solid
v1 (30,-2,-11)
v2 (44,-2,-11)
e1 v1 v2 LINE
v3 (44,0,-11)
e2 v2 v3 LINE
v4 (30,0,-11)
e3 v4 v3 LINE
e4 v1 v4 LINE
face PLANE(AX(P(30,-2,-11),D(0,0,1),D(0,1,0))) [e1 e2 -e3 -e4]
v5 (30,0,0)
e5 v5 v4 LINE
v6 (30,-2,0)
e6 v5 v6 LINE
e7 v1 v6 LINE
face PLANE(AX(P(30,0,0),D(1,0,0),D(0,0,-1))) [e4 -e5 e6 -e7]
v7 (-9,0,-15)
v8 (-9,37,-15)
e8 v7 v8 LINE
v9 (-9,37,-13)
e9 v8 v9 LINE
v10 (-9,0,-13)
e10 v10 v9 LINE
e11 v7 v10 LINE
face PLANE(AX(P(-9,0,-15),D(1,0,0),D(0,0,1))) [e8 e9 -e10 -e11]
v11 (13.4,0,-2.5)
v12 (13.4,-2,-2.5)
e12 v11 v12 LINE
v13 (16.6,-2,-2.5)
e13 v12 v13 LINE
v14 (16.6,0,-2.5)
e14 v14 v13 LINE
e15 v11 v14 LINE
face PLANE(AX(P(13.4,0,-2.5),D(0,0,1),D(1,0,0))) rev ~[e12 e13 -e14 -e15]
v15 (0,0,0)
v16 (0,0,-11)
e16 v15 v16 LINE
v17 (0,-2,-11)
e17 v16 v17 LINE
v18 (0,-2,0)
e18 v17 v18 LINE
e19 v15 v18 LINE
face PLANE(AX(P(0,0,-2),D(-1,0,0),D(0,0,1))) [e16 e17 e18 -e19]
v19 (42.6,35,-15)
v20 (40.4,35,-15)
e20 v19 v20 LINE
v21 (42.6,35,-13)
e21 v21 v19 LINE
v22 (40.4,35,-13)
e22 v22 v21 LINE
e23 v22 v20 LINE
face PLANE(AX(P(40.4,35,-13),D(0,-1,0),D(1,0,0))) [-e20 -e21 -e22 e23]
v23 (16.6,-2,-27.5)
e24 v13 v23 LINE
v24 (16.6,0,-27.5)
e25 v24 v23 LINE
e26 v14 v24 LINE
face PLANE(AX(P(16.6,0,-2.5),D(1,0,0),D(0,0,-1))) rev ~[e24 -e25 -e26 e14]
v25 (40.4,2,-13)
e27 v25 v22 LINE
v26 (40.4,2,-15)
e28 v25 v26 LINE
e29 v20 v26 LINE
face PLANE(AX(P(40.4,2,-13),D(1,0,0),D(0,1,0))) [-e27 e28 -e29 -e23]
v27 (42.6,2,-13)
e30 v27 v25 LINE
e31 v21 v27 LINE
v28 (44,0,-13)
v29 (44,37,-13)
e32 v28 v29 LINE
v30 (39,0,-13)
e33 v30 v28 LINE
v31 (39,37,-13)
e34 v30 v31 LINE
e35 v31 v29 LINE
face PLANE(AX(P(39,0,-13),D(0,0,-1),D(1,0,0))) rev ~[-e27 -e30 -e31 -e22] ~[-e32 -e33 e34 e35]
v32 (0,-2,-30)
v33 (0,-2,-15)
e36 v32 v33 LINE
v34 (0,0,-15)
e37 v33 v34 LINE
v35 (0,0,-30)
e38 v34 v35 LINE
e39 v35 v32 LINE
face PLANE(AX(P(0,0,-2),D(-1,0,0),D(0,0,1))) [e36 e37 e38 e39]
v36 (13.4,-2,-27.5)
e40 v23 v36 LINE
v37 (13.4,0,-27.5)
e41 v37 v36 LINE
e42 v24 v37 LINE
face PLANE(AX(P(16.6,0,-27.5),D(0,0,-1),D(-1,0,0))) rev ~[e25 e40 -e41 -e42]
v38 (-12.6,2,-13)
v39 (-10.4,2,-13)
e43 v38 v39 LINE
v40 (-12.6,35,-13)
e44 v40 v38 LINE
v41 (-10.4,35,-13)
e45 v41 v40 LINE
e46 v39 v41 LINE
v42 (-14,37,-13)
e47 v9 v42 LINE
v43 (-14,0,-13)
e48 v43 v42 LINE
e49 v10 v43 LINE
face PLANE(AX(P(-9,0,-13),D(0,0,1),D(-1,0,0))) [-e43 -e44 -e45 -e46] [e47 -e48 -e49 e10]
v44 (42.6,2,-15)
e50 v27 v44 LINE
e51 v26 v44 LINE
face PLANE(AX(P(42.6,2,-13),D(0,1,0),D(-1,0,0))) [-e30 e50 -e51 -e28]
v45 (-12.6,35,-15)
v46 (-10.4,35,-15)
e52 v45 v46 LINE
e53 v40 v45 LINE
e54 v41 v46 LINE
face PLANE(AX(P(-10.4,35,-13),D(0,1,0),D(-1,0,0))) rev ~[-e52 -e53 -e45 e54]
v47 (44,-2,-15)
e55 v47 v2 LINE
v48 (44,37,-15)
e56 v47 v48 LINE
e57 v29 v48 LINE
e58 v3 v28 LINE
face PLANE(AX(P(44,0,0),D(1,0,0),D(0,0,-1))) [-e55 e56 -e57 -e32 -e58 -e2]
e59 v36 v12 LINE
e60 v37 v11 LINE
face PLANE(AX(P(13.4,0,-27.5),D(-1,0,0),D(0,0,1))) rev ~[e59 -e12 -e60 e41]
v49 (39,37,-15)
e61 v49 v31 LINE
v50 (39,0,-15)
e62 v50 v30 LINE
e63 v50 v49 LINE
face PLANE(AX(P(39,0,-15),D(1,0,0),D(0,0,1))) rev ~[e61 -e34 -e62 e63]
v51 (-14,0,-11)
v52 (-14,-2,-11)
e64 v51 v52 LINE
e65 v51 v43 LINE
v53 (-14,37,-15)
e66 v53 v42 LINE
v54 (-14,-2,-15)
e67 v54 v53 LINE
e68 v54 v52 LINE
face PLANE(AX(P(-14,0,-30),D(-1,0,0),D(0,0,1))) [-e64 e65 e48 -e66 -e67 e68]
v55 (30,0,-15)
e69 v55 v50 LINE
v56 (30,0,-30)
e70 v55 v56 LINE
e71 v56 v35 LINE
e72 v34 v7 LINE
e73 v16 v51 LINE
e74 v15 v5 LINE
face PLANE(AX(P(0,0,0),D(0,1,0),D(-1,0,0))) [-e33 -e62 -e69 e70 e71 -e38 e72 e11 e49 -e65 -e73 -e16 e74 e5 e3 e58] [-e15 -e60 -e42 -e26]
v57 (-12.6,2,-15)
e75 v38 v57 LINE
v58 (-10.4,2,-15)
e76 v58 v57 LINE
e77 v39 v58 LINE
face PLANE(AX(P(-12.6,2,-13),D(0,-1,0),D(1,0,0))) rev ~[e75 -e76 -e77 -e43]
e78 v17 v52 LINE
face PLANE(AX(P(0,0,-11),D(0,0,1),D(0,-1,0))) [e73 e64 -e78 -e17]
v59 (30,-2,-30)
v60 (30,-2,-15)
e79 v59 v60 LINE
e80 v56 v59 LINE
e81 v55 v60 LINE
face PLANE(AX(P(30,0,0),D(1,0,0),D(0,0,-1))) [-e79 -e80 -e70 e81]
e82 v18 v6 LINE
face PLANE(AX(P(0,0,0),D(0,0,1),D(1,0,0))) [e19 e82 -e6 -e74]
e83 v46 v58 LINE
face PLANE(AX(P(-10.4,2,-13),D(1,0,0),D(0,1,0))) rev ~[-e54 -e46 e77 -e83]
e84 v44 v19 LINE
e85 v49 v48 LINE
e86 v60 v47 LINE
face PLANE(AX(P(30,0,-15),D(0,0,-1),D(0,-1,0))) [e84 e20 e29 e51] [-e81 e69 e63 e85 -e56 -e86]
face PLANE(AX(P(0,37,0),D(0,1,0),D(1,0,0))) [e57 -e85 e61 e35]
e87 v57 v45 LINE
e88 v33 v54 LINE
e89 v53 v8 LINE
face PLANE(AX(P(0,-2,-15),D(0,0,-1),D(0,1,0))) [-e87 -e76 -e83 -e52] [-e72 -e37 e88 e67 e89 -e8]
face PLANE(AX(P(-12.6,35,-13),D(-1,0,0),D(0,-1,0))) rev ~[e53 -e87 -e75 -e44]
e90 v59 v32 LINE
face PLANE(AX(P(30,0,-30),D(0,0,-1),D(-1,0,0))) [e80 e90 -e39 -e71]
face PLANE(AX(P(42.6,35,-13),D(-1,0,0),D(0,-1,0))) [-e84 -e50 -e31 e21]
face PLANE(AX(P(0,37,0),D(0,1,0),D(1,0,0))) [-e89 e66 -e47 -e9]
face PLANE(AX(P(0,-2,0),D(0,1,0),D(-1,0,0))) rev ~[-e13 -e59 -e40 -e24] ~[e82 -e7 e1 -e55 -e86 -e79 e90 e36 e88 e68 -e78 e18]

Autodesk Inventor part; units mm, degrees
ref_plane "YZ Plane" through (0, 0, 0) normal (1, 0, 0) x (0, 1, 0)
ref_plane "XZ Plane" through (0, 0, 0) normal (0, 1, 0) x (-1, 0, 0)
ref_plane "XY Plane" through (0, 0, 0) normal (0, 0, 1) x (1, 0, 0)
sketch "Sketch2" plane through (0, 0, 0) normal (0, 1, 0) x (-1, 0, 0)
  line L0 (0, 0) -> (-30, 0)
  line L1 (-30, 0) -> (-30, -30)
  line L2 (-30, -30) -> (0, -30)
  line L3 (0, -30) -> (0, 0)
  line L4 (0, 0) -> (-30, 0)
  line L5 (-30, 0) -> (-30, -2)
  line L6 (0, -2) -> (0, 0)
  line L7 (0, -30) -> (-30, -30)
  line L8 (-30, -30) -> (-30, -44)
  line L9 (0, -44) -> (0, -30)
  point P0 (0, 0)
  dimension "d0" = 30
  dimension "d1" = 30
extrude "Extrusion2" add sketch "Sketch2" against normal blind 2
sketch "Sketch5" plane through (0, 0, 0) normal (0, 1, 0) x (1, 0, 0)
  line L0 (13.4, 2.5) -> (16.6, 2.5)
  line L1 (16.6, 2.5) -> (16.6, 27.5)
  line L2 (16.6, 27.5) -> (13.4, 27.5)
  line L3 (13.4, 27.5) -> (13.4, 2.5)
  line L4 (30, 30) -> (0, 30) projected
  line L5 (0, 30) -> (0, 0) projected
  line L6 (30, 0) -> (30, 30) projected
  point P0 (15, 2.5)
  point P1 (15, 27.5)
  dimension "d21" = 25
  dimension "d25" = 3.2
  dimension "d26" = 2.5
  dimension "d56" = 15
extrude "Extrusion5" cut sketch "Sketch5" against normal through all
sketch "Sketch6" plane through (0, 0, -30) normal (-1, 0, 0) x (0, 0, 1)
  line L0 (30, 0) -> (0, 0) projected
  line L1 (0, -2) -> (30, -2) projected
  line L2 (15, 0) -> (19, 0)
  line L3 (19, 0) -> (19, -2)
  line L4 (19, -2) -> (15, -2)
  line L5 (15, -2) -> (15, 0)
  line L6 (0, 0) -> (0, -2) projected
  point P0 (0, -1)
  point P1 (15, -1)
  point P2 (15, 0)
  dimension "d28" = 15
  dimension "d29" = 4
  dimension "d30" = 2
extrude "Extrusion6" add sketch "Sketch6" along normal blind 14 contours L3 L1 L5 L0
sketch "Sketch7" plane through (30, 0, 0) normal (1, 0, 0) x (0, 0, -1)
  line L0 (0, 0) -> (30, 0) projected
  line L1 (30, -2) -> (0, -2) projected
  line L2 (11, 0) -> (15, 0)
  line L3 (15, 0) -> (15, -2)
  line L4 (15, -2) -> (11, -2)
  line L5 (11, -2) -> (11, 0)
  line L6 (30, 0) -> (30, -2) projected
  point P0 (30, -1)
  point P1 (15, -1)
  point P2 (15, -2)
  dimension "d33" = 15
  dimension "d34" = 4
extrude "Extrusion7" add sketch "Sketch7" along normal blind 14 contours L0 L3 L1 L5
sketch "Sketch8" plane through (0, 0, 0) normal (0, 1, 0) x (1, 0, 0)
  line L0 (-14, 15) -> (-14, 11) projected
  line L1 (-14, 15) -> (-9, 15)
  line L2 (-9, 15) -> (-9, 13)
  line L3 (-9, 13) -> (-14, 13)
  line L4 (-14, 13) -> (-14, 15)
  line L5 (30, 15) -> (44, 15) projected
  line L6 (44, 15) -> (39, 15)
  line L7 (39, 15) -> (39, 13)
  line L8 (39, 13) -> (44, 13)
  line L9 (44, 13) -> (44, 15)
  point P0 (0, 0)
  point P1 (39, 15)
  point P2 (-14, 13)
  dimension "d37" = 5
  dimension "d38" = 2
  dimension "d39" = 5
  dimension "d40" = 2
extrude "Extrusion8" add sketch "Sketch8" along normal blind 37
sketch "Sketch9" plane through (-14, 0, -13) normal (0, 0, 1) x (1, 0, 0)
  line L0 (3.6, 35) -> (1.4, 35)
  line L1 (1.4, 35) -> (1.4, 2)
  line L2 (1.4, 2) -> (3.6, 2)
  line L3 (3.6, 2) -> (3.6, 35)
  line L4 (0, 37) -> (5, 37) projected
  line L5 (14, 0) -> (0, 0) projected
  line L6 (5, 0) -> (5, 37) projected
  line L7 (0, 0) -> (0, 37) projected
  line L8 (58, 0) -> (58, 37) projected
  line L9 (53, 0) -> (53, 37) projected
  line L10 (54.4, 35) -> (56.6, 35)
  line L11 (56.6, 35) -> (56.6, 2)
  line L12 (56.6, 2) -> (54.4, 2)
  line L13 (54.4, 2) -> (54.4, 35)
  line L14 (53, 37) -> (58, 37) projected
  line L15 (44, 0) -> (58, 0) projected
  point P0 (2.5, 37)
  point P1 (2.5, 35)
  point P2 (2.5, 2)
  point P3 (5, 18.5)
  point P4 (3.6, 18.5)
  point P5 (0, 18.5)
  point P6 (1.4, 18.5)
  point P7 (55.5, 37)
  point P8 (55.5, 35)
  point P9 (55.5, 2)
  dimension "d43" = 2
  dimension "d44" = 2
  dimension "d45" = 1.4
  dimension "d46" = 1.4
  dimension "d47" = 2.2
  dimension "d50" = 1.4
  dimension "d51" = 1.4
  dimension "d52" = 2
  dimension "d53" = 2
extrude "Extrusion9" cut sketch "Sketch9" against normal through all contours L3 L2 L1 L0 | L10 L11 L12 L13
properties part number "bobbin_support"
